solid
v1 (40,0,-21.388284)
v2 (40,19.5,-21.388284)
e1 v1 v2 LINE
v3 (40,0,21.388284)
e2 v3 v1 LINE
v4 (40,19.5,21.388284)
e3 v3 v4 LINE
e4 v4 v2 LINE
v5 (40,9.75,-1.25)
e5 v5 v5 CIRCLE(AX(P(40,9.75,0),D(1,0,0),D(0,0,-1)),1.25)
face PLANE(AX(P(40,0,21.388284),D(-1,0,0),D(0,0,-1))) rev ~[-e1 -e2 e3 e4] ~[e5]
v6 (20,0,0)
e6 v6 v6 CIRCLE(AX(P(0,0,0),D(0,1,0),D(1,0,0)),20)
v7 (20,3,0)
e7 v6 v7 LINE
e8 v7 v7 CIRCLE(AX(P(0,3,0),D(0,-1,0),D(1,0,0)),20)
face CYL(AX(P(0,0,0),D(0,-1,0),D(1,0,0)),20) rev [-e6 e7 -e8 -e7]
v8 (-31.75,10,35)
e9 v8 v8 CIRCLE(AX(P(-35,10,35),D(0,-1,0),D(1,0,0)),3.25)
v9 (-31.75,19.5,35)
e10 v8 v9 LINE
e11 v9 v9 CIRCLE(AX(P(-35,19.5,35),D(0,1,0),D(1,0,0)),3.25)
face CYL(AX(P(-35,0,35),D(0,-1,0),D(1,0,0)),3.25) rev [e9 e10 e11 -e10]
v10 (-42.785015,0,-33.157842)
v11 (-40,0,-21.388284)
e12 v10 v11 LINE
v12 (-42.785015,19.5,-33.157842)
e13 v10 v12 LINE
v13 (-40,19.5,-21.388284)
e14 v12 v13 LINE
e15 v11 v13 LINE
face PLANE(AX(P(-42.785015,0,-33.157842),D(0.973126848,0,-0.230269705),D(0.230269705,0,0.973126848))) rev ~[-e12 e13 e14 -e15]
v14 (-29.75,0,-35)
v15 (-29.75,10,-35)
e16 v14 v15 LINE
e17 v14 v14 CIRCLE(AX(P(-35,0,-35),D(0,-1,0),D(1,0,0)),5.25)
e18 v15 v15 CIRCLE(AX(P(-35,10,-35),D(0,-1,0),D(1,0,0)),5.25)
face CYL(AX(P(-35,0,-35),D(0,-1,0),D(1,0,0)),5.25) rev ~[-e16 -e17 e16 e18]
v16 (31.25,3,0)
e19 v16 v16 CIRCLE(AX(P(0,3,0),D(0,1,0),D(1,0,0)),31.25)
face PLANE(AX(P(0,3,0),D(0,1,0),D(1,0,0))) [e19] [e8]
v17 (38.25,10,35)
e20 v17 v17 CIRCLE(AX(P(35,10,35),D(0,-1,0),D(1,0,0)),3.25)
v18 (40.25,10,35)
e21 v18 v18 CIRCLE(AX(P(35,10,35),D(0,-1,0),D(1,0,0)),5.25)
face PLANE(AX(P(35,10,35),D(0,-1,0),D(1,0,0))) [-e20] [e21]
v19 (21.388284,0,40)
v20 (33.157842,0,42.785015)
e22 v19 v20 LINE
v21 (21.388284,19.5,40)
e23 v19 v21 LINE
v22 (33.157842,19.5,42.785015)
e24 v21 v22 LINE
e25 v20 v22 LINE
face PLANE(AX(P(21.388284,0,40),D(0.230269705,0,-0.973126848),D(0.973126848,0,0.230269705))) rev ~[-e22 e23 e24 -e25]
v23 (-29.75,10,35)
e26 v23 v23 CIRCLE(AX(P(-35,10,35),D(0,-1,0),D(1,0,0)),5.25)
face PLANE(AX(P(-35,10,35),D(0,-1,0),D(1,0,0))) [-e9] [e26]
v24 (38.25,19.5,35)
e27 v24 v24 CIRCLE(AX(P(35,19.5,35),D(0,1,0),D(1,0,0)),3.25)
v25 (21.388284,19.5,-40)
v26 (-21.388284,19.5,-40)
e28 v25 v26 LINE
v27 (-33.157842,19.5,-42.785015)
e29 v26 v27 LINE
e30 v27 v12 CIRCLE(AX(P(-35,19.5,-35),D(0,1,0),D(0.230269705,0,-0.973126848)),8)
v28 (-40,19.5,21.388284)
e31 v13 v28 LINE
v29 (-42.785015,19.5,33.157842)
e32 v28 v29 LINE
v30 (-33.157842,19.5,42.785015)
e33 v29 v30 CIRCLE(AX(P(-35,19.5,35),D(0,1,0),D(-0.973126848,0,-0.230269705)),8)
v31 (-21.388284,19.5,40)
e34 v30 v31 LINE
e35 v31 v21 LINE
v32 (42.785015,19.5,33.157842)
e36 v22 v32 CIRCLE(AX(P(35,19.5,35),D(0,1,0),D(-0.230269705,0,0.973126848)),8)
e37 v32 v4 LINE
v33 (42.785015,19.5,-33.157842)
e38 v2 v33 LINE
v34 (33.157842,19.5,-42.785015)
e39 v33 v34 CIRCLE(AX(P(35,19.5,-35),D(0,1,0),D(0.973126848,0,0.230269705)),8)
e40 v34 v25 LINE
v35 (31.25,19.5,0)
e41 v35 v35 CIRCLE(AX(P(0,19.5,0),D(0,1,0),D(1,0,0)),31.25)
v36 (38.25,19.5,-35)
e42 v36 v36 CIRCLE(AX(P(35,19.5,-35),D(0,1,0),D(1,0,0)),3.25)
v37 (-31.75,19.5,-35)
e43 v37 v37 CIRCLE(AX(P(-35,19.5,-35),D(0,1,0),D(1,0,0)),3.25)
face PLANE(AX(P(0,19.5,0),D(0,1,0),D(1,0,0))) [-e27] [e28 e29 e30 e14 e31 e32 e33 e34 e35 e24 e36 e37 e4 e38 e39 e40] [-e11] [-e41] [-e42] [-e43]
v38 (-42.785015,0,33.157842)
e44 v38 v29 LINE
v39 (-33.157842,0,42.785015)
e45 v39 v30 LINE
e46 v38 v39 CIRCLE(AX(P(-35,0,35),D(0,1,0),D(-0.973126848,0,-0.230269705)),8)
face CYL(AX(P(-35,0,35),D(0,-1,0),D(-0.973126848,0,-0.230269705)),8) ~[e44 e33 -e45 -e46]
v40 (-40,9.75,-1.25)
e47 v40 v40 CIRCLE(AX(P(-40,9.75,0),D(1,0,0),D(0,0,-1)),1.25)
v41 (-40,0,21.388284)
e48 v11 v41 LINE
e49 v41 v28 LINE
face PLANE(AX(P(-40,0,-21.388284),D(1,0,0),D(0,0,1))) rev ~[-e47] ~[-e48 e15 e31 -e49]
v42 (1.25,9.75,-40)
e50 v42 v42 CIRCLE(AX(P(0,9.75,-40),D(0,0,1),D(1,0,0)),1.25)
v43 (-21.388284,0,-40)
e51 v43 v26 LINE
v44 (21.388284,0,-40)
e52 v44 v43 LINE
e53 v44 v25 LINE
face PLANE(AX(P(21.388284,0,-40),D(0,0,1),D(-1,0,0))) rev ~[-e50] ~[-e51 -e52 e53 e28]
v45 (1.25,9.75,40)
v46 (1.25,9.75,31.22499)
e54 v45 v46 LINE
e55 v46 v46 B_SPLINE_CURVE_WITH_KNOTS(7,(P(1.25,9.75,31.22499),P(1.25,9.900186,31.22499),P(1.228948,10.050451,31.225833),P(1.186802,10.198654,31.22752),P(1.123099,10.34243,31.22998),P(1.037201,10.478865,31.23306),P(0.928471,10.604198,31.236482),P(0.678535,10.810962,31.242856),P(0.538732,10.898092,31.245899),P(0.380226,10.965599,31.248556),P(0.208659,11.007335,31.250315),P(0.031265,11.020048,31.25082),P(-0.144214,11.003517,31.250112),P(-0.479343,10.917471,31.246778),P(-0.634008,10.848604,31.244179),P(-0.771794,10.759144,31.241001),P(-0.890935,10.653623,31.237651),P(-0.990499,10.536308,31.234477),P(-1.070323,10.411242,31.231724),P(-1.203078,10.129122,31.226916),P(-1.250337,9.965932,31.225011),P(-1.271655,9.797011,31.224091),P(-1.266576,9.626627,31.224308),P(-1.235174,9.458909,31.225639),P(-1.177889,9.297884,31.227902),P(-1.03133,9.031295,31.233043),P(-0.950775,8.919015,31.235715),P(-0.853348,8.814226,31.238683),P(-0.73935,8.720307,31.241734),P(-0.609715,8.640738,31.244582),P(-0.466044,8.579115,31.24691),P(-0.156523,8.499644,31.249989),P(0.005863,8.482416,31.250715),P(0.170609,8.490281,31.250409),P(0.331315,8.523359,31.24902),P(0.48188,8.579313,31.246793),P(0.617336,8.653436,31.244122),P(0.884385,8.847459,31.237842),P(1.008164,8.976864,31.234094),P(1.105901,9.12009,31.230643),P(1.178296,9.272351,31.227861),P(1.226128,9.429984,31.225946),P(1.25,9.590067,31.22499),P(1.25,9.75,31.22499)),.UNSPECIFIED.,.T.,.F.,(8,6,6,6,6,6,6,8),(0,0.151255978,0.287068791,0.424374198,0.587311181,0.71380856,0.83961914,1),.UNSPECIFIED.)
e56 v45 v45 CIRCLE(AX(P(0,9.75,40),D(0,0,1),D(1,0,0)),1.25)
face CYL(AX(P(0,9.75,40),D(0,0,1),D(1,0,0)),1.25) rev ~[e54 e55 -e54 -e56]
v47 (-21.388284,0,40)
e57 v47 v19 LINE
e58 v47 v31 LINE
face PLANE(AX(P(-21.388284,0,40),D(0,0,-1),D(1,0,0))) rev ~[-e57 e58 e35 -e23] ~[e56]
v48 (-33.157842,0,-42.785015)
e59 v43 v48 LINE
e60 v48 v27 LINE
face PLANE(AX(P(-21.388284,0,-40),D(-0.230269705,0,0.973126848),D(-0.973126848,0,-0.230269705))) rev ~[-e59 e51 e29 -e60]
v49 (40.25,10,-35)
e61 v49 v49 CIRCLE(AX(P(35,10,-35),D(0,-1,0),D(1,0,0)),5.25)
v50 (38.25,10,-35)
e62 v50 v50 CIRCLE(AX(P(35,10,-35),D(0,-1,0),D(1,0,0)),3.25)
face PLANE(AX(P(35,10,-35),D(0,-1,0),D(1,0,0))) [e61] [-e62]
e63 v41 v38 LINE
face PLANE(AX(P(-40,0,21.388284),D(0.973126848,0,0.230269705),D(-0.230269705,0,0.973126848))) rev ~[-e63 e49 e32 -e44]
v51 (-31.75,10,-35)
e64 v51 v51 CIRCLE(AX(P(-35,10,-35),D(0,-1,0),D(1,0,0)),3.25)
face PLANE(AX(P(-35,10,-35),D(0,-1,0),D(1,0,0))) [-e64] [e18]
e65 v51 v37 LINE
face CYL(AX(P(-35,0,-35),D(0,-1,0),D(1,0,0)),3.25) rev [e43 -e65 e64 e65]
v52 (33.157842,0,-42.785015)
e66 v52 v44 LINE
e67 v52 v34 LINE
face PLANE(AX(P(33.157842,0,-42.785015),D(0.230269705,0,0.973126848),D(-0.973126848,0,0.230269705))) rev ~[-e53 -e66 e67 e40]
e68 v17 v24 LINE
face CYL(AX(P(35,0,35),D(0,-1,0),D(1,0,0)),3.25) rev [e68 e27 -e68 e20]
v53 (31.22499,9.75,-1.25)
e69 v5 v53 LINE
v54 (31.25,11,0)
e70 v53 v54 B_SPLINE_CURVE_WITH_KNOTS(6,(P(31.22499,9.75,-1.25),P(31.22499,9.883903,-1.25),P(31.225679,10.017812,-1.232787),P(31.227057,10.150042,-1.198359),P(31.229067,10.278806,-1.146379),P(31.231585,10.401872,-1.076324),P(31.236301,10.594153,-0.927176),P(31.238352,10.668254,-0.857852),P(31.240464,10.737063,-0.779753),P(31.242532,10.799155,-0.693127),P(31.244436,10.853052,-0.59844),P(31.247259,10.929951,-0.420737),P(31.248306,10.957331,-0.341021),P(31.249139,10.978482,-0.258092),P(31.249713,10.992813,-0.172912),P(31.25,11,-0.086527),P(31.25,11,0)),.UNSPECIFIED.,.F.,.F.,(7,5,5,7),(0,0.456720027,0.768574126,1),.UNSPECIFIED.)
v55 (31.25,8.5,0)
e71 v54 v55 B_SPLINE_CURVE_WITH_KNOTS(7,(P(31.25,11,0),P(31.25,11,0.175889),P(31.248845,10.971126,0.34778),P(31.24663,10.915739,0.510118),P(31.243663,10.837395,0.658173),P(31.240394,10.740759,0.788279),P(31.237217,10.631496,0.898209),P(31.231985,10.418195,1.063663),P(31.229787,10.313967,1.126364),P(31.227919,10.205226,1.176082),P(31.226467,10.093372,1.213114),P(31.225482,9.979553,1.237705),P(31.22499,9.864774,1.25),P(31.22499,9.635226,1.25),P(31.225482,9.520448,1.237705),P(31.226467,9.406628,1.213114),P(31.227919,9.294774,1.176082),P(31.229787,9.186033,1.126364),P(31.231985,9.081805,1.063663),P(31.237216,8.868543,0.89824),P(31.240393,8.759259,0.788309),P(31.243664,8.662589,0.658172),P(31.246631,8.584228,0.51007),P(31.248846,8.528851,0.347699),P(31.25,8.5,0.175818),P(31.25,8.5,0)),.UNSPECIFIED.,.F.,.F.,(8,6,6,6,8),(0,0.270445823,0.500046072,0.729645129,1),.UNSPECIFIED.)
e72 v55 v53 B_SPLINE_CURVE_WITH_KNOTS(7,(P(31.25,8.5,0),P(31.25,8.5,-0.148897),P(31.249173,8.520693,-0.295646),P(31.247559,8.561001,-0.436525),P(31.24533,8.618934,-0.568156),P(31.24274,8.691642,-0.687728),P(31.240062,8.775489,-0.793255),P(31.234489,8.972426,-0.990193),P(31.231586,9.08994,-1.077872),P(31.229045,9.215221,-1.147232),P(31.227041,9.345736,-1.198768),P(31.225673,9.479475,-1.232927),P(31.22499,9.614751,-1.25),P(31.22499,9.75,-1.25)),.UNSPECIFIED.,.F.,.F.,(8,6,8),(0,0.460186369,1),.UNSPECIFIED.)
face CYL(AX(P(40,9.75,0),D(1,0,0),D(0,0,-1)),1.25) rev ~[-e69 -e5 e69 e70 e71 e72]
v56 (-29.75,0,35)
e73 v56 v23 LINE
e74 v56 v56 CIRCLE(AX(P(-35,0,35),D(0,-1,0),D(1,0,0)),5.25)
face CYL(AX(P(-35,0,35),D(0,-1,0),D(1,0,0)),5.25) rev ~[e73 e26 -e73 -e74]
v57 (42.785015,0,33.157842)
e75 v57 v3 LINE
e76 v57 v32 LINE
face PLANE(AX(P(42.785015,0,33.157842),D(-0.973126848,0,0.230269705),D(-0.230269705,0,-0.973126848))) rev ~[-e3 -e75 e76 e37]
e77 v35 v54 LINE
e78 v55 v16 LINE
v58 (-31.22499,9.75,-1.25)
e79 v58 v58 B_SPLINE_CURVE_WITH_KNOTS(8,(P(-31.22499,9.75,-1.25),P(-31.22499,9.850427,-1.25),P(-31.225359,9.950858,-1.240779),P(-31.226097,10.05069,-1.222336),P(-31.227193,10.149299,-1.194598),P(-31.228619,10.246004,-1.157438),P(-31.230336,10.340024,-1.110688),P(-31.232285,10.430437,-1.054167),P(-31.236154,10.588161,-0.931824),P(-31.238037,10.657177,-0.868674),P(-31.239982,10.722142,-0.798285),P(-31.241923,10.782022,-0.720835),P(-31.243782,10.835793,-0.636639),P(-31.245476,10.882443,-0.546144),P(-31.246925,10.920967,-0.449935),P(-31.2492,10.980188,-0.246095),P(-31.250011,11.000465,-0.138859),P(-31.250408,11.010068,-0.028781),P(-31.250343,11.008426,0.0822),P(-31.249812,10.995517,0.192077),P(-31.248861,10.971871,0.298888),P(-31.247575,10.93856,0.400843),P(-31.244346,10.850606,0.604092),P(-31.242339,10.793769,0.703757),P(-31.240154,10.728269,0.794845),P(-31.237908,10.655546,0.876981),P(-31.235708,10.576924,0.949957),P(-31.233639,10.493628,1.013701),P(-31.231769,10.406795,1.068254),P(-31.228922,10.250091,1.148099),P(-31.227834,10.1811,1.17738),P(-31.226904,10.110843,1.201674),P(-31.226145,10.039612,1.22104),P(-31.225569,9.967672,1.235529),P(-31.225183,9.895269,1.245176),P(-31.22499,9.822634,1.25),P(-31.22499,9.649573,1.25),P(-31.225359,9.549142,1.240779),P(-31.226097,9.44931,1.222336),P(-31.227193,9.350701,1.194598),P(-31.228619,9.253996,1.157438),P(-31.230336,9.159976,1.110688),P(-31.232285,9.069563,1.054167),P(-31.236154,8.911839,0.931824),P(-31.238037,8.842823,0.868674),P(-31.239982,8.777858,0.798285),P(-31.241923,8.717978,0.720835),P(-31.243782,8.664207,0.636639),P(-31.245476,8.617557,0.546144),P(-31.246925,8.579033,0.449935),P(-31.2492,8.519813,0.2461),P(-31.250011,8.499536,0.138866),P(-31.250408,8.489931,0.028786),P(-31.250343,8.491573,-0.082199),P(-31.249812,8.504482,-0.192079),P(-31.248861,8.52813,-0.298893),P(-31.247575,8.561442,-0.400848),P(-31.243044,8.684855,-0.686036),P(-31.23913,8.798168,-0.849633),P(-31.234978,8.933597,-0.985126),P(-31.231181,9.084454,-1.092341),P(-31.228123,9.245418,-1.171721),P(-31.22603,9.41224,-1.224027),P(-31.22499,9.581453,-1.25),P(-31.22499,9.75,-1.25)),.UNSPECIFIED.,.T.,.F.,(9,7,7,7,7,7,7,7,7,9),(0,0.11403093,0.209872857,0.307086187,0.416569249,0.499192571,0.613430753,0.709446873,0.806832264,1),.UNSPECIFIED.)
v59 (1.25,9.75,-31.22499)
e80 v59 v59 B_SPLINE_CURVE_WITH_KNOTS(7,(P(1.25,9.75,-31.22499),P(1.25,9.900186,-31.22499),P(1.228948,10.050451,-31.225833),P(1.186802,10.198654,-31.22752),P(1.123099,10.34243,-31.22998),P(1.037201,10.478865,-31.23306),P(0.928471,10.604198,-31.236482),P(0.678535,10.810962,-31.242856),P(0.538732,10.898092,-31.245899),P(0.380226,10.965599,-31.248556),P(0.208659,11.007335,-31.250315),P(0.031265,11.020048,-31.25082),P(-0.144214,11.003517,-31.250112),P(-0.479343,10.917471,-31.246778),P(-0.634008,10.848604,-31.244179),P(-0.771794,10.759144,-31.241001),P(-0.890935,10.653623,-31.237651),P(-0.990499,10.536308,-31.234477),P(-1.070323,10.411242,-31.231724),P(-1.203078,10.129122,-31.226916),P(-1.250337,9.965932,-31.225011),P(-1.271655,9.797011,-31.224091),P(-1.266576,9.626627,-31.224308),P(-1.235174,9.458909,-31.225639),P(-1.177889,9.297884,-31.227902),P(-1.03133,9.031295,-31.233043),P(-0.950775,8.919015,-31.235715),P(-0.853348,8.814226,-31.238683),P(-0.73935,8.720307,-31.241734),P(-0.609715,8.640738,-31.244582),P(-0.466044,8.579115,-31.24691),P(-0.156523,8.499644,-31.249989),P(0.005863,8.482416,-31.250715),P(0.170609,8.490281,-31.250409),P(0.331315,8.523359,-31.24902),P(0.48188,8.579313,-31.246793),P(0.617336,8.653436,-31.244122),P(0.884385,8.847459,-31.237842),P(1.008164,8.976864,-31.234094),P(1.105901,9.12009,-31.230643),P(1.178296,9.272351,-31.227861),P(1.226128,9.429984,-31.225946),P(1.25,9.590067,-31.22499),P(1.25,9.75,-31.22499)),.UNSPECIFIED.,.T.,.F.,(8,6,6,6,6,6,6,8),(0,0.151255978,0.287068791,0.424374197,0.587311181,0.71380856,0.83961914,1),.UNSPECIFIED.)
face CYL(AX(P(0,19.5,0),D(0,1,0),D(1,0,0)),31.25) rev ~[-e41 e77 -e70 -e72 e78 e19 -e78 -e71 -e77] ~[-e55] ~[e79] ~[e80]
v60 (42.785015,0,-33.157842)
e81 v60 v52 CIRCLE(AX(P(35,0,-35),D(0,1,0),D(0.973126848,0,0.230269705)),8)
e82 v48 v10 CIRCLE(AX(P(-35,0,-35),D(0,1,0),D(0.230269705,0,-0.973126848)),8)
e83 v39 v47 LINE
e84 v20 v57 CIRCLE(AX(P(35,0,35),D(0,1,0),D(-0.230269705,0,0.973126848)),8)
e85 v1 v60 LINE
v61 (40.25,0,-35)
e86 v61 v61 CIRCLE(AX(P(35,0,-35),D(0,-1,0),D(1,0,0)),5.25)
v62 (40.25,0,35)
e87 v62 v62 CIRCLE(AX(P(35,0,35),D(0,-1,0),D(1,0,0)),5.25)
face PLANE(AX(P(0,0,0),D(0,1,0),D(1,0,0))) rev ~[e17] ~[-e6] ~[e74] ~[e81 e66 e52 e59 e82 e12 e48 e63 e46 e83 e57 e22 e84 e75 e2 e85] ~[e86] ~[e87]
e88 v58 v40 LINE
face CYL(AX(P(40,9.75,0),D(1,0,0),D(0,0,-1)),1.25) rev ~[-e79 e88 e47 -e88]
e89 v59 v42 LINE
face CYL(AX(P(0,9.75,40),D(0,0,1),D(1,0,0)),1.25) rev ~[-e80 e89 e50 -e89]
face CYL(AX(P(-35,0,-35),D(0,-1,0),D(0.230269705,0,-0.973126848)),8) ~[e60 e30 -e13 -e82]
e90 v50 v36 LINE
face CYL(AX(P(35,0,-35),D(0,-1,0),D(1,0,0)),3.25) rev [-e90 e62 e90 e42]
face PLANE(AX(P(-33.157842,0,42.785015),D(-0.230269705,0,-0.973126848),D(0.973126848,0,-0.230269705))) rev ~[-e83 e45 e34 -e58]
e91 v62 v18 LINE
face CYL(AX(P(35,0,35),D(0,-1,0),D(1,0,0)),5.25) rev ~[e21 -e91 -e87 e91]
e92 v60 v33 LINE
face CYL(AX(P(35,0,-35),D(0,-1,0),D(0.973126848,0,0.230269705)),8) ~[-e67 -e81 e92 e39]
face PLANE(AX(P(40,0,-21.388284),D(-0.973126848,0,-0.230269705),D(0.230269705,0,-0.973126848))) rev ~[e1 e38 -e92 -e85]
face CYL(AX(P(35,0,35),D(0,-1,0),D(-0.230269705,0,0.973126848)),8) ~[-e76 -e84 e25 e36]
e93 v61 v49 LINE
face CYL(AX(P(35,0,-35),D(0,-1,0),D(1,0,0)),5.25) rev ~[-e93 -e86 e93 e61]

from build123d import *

# Parameters (mm, degrees)
SKETCH1_R           = 3.25
SKETCH1_R_2         = 20
BOSS_EXTRUDE1_DEPTH = 19.5
SKETCH2_R           = 31.25
CUT_EXTRUDE1_DEPTH  = 16.5
SKETCH3_R           = 5.25
CUT_EXTRUDE2_DEPTH  = 10
SKETCH4_R           = 1.25
CUT_EXTRUDE3_DEPTH  = 80
SKETCH5_R           = 1.25
CUT_EXTRUDE4_DEPTH  = 80


with BuildPart() as part:
    # Sketch1 → Boss-Extrude1 (new body)
    with BuildSketch(Plane(origin=(0, 0, 0), x_dir=(1, 0, 0), z_dir=(0, 1, 0))):
        with BuildLine():
            Line((-21.388284323, 40), (-33.157842357, 42.785014786))
            ThreePointArc((-33.157842357, 42.785014786), (-40.656854249, 40.656854249), (-42.785014786, 33.157842357))
            Line((-42.785014786, 33.157842357), (-40, 21.388284323))
            Line((-40, 21.388284323), (-40, -21.388284323))
            Line((-40, -21.388284323), (-42.785014786, -33.157842357))
            ThreePointArc((-42.785014786, -33.157842357), (-40.656854249, -40.656854249), (-33.157842357, -42.785014786))
            Line((-33.157842357, -42.785014786), (-21.388284323, -40))
            Line((-21.388284323, -40), (21.388284323, -40))
            Line((21.388284323, -40), (33.157842357, -42.785014786))
            ThreePointArc((33.157842357, -42.785014786), (40.656854249, -40.656854249), (42.785014786, -33.157842357))
            Line((42.785014786, -33.157842357), (40, -21.388284323))
            Line((40, -21.388284323), (40, 21.388284323))
            Line((40, 21.388284323), (42.785014786, 33.157842357))
            ThreePointArc((42.785014786, 33.157842357), (40.656854249, 40.656854249), (33.157842357, 42.785014786))
            Line((33.157842357, 42.785014786), (21.388284323, 40))
            Line((21.388284323, 40), (-21.388284323, 40))
        make_face()
        with Locations((35, 35)):
            Circle(SKETCH1_R, mode=Mode.SUBTRACT)
        with Locations((-35, -35)):
            Circle(SKETCH1_R, mode=Mode.SUBTRACT)
        with Locations((35, -35)):
            Circle(SKETCH1_R, mode=Mode.SUBTRACT)
        with Locations((-35, 35)):
            Circle(SKETCH1_R, mode=Mode.SUBTRACT)
        Circle(SKETCH1_R_2, mode=Mode.SUBTRACT)
    extrude(amount=BOSS_EXTRUDE1_DEPTH)

    # Sketch2 → Cut-Extrude1 (cut)
    with BuildSketch(Plane(origin=(0, 19.5, 0), x_dir=(1, 0, 0), z_dir=(0, 1, 0))):
        Circle(SKETCH2_R)
    extrude(amount=-CUT_EXTRUDE1_DEPTH, mode=Mode.SUBTRACT)

    # Sketch3 → Cut-Extrude2 (cut)
    with BuildSketch(Plane.XZ):
        with Locations((-35, 35)):
            Circle(SKETCH3_R)
        with Locations((35, 35)):
            Circle(SKETCH3_R)
        with Locations((35, -35)):
            Circle(SKETCH3_R)
        with Locations((-35, -35)):
            Circle(SKETCH3_R)
    extrude(amount=-CUT_EXTRUDE2_DEPTH, mode=Mode.SUBTRACT)

    # Sketch4 → Cut-Extrude3 (cut)
    with BuildSketch(Plane.XY.offset(40)):
        with Locations((0, 9.75)):
            Circle(SKETCH4_R)
    extrude(amount=-CUT_EXTRUDE3_DEPTH, mode=Mode.SUBTRACT)

    # Sketch5 → Cut-Extrude4 (cut)
    with BuildSketch(Plane(origin=(40, 0, 0), x_dir=(0, 0, -1), z_dir=(1, 0, 0))):
        with Locations((0, 9.75)):
            Circle(SKETCH5_R)
    extrude(amount=-CUT_EXTRUDE4_DEPTH, mode=Mode.SUBTRACT)


solid = part.part
